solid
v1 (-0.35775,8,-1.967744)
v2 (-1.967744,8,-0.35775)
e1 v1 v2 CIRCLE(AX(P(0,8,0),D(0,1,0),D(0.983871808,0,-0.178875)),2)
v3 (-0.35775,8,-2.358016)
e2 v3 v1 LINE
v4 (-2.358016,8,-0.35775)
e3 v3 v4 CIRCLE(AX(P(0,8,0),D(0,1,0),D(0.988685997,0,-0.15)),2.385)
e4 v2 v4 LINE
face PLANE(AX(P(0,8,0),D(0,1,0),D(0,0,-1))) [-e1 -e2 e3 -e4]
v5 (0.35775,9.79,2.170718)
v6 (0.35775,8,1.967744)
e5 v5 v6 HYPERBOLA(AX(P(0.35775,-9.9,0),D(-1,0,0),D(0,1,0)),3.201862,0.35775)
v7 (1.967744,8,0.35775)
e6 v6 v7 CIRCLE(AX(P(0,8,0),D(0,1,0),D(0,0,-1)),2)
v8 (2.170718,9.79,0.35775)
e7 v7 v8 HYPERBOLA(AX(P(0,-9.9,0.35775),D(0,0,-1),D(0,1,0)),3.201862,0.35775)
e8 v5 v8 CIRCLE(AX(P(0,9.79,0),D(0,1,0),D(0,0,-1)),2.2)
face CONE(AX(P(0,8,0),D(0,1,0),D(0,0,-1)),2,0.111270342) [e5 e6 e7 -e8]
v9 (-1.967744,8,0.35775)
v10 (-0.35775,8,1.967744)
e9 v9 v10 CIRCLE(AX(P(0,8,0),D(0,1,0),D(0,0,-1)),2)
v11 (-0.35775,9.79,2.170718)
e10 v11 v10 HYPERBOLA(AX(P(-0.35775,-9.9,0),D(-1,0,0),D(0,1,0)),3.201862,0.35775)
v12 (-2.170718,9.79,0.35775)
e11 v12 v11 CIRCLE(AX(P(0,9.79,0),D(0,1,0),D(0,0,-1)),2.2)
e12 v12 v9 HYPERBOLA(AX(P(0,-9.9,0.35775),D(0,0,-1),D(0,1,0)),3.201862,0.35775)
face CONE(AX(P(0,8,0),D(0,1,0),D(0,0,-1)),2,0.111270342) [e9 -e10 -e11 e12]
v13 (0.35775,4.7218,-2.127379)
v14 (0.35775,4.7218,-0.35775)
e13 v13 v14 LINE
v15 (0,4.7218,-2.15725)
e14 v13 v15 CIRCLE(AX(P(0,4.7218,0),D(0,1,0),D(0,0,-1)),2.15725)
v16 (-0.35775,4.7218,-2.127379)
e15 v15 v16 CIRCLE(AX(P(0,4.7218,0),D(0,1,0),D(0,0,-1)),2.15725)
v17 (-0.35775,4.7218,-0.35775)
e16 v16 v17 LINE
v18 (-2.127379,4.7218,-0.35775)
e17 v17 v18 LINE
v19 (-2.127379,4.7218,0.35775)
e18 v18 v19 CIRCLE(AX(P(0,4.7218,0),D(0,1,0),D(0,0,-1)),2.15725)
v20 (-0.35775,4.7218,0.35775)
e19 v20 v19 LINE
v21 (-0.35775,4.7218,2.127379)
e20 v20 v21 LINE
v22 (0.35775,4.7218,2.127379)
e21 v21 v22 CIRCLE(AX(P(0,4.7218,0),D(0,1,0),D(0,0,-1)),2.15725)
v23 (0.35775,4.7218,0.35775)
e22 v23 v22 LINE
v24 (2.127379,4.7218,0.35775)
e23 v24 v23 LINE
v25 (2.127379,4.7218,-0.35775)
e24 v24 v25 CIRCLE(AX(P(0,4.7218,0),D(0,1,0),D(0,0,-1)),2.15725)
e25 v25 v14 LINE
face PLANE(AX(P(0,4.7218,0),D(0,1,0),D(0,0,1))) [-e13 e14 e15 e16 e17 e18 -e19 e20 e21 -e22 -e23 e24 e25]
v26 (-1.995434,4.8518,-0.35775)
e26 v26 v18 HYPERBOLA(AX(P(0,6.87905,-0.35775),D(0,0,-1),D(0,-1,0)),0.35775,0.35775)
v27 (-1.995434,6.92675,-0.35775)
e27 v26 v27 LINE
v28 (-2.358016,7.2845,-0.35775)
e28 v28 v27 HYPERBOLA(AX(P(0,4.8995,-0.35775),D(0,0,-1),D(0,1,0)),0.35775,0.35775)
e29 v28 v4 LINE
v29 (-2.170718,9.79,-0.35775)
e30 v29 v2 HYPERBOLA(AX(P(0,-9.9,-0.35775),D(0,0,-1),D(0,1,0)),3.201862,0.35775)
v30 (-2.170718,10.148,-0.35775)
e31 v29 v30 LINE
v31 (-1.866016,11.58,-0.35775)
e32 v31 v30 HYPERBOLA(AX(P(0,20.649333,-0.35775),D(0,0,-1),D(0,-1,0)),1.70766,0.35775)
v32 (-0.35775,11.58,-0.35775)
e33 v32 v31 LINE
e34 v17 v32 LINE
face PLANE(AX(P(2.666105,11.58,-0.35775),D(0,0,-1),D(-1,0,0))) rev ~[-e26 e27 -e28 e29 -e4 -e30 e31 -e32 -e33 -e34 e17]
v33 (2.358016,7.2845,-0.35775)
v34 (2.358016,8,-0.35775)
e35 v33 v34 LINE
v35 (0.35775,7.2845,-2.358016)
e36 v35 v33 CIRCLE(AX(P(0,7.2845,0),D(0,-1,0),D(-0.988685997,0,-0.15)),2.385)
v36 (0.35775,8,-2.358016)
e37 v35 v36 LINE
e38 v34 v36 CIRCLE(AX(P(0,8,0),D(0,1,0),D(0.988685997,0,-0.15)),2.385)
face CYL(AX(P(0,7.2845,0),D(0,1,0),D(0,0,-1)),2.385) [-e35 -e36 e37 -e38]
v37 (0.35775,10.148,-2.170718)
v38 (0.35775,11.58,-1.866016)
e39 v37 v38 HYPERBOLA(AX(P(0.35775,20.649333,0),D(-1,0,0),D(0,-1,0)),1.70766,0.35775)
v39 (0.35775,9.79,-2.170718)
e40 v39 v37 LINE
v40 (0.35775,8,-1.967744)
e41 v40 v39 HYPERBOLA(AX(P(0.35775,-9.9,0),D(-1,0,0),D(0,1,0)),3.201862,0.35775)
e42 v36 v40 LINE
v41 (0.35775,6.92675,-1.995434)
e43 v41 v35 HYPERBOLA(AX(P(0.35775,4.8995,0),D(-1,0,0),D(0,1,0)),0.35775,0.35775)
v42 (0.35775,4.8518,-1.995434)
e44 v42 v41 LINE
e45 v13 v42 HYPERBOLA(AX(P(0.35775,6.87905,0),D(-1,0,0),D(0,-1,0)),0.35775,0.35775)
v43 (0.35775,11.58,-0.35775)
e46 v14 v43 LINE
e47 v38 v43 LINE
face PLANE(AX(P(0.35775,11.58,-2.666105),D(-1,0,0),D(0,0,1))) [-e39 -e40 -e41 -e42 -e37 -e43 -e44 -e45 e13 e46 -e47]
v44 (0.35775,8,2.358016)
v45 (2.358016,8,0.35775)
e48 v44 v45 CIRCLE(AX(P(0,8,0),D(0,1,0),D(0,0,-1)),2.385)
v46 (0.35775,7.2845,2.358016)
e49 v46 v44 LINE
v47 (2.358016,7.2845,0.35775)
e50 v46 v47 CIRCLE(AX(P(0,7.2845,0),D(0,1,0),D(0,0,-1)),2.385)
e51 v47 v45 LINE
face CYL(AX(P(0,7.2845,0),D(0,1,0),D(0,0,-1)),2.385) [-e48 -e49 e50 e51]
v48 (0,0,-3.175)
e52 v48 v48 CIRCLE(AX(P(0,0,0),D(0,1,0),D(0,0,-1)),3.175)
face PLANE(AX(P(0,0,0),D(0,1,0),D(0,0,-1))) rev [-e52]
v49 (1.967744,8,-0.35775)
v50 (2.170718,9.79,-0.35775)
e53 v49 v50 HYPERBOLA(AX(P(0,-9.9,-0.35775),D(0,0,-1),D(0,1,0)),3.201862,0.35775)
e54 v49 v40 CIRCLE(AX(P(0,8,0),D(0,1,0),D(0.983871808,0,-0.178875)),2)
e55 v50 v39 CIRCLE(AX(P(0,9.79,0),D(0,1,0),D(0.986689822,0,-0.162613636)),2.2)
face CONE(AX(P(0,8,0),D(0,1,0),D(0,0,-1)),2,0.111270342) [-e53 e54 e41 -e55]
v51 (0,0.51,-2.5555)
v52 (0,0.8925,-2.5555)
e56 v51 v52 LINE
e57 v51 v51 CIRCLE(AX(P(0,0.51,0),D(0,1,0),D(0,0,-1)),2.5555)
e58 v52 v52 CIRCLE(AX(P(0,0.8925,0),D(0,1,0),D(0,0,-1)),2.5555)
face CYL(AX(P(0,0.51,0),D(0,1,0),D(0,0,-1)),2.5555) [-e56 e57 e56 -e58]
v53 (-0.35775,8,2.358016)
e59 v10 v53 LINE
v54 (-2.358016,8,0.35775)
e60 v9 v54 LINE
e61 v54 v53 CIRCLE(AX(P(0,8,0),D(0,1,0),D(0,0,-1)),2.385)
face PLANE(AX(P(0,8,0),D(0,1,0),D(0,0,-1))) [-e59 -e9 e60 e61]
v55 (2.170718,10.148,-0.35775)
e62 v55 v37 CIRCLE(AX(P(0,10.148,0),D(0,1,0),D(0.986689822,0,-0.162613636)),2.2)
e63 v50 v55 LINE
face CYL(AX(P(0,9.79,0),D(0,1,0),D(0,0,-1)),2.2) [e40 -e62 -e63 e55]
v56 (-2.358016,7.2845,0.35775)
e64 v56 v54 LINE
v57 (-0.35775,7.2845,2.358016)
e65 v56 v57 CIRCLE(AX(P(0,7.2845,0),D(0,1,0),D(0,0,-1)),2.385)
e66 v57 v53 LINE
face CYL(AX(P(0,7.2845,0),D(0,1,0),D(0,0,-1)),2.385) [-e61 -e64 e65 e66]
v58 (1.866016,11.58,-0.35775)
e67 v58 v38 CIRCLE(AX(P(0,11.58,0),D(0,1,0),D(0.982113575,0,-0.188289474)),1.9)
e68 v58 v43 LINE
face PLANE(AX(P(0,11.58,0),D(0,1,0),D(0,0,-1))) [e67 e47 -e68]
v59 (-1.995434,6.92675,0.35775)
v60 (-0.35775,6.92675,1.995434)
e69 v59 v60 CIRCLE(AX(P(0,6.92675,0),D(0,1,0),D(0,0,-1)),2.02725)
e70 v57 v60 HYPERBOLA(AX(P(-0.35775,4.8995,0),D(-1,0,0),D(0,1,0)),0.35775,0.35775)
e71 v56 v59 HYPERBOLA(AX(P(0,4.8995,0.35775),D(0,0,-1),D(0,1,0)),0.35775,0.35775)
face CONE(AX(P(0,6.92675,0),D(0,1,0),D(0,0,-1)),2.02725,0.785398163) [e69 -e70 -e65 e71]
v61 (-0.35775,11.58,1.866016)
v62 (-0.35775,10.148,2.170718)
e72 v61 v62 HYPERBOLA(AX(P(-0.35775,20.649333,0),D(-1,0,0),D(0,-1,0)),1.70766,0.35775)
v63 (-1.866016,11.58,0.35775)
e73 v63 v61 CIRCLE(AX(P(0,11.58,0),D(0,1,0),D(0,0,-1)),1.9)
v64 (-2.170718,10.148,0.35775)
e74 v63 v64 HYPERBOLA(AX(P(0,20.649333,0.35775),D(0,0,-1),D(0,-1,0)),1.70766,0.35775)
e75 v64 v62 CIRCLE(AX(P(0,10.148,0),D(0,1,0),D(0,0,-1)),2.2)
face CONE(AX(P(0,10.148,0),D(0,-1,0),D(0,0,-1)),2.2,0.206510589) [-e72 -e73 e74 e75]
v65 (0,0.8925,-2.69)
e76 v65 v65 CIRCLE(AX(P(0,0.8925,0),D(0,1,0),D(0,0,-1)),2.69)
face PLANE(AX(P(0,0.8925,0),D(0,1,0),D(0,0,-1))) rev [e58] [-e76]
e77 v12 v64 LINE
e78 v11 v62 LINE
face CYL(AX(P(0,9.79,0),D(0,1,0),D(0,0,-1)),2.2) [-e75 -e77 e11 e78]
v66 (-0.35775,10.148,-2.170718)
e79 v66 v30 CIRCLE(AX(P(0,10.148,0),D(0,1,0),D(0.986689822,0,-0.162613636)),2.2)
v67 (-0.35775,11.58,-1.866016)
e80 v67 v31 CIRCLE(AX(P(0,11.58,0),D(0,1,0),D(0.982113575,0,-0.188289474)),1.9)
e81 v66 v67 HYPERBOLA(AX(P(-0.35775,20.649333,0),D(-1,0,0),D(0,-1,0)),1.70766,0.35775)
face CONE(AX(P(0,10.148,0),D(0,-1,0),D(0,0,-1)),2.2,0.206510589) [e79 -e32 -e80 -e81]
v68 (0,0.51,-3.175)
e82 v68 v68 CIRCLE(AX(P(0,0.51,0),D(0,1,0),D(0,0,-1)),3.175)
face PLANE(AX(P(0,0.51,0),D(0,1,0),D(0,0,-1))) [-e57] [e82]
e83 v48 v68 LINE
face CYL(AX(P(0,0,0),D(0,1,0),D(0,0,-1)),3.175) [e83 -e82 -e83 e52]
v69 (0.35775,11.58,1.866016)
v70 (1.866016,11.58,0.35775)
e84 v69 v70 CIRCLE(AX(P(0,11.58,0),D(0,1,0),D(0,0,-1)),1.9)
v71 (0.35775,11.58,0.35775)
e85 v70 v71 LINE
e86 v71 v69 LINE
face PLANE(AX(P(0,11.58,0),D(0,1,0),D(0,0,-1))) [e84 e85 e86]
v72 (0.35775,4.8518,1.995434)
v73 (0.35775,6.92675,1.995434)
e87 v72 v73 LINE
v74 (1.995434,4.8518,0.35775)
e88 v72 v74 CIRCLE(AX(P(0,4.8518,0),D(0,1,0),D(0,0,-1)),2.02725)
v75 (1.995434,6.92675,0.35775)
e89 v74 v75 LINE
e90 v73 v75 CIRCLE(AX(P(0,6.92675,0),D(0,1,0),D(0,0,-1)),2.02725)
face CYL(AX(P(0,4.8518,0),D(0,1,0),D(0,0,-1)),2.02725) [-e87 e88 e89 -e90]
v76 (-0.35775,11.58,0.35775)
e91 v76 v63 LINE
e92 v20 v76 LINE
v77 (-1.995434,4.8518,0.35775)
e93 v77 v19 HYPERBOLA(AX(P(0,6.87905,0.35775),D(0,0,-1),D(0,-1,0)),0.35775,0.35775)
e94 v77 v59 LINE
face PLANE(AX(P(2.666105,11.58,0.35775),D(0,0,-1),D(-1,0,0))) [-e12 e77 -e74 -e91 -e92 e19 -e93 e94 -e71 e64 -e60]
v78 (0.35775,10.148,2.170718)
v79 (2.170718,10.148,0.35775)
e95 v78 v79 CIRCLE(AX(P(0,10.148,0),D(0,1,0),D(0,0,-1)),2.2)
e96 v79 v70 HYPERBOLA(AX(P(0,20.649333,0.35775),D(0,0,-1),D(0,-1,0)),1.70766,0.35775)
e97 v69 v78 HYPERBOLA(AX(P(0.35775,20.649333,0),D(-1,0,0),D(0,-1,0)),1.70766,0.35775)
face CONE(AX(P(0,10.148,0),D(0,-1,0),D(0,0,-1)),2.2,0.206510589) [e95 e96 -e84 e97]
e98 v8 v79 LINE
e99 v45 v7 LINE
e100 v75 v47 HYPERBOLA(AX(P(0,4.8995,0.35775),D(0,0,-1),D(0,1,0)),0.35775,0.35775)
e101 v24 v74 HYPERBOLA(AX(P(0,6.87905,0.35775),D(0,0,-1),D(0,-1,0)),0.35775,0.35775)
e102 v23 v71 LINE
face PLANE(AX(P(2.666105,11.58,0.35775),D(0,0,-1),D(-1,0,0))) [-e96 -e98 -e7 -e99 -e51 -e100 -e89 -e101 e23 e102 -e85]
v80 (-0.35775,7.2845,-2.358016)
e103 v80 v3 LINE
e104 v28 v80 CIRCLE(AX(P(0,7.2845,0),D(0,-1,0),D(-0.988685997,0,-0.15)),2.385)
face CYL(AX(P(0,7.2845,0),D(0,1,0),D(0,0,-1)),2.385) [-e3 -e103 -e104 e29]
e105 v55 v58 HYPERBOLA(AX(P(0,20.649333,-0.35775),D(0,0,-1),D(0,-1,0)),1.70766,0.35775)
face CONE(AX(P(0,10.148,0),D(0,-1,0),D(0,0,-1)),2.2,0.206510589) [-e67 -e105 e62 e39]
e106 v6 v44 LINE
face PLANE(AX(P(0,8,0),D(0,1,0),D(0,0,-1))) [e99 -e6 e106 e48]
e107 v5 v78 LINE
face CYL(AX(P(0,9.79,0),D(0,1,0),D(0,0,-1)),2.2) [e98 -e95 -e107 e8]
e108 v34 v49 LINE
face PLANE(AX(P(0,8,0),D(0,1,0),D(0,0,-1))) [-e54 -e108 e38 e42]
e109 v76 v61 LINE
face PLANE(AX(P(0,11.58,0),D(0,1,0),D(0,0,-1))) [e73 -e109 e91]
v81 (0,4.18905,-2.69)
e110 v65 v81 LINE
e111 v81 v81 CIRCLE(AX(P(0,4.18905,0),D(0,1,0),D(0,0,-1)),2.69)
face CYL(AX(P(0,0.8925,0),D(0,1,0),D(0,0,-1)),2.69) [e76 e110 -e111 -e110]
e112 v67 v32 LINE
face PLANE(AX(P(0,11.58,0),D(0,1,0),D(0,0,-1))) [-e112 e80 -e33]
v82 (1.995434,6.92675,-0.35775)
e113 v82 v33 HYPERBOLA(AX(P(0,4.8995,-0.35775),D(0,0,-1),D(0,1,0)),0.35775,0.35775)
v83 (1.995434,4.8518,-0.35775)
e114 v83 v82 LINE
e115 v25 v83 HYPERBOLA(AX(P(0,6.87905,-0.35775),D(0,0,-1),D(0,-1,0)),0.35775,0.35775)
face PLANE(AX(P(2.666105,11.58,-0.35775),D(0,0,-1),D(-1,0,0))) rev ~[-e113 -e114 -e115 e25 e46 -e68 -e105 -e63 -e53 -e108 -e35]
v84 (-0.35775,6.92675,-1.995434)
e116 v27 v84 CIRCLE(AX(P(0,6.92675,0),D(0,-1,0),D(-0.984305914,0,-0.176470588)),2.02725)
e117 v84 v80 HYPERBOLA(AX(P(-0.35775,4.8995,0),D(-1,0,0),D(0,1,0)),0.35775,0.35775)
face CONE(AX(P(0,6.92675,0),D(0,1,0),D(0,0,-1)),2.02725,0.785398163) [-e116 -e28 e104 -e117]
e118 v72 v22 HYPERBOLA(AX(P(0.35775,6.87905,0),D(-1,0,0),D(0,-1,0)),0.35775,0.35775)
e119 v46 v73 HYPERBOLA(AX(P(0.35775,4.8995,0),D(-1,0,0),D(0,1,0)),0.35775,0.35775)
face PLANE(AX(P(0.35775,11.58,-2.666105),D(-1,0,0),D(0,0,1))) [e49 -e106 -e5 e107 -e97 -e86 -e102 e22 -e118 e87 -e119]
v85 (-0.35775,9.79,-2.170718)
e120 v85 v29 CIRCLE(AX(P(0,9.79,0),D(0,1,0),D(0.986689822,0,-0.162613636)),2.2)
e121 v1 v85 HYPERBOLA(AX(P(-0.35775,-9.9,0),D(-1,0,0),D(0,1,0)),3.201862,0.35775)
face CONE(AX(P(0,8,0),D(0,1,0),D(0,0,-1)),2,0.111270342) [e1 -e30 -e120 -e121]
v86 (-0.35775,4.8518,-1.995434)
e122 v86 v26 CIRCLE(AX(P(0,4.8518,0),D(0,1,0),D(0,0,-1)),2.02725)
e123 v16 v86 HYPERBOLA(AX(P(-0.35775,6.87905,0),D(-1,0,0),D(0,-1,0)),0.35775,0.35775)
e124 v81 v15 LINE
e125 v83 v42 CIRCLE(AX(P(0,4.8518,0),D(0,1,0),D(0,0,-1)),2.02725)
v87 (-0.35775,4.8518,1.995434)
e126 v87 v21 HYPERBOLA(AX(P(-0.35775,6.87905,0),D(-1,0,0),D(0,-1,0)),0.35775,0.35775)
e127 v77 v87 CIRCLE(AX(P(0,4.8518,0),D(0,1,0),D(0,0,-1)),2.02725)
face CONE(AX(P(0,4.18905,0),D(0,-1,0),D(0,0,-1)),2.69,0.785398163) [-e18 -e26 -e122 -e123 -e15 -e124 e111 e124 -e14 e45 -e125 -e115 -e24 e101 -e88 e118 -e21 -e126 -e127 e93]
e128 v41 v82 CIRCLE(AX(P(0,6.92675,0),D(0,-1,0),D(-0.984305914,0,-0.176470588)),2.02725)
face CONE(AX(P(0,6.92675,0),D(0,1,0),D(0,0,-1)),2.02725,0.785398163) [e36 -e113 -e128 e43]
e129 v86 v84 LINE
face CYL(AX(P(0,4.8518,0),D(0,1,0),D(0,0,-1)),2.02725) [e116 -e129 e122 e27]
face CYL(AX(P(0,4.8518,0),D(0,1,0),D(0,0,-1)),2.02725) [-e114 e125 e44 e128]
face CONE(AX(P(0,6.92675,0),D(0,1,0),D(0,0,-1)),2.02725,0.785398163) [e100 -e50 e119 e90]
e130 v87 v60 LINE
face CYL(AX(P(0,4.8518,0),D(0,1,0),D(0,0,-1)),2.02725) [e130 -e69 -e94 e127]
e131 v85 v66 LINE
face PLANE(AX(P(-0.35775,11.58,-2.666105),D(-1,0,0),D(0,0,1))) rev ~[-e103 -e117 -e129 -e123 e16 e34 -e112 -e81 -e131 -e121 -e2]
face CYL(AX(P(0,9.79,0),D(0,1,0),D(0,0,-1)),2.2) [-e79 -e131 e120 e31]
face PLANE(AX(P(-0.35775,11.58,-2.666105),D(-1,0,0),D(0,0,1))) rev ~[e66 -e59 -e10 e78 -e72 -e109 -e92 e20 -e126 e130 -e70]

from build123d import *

# Parameters (mm, degrees)
SLITCUTSKE_W     = 5.33220965
SLITCUTSKE_H     = 0.7155
SLITCUT_DEPTH    = 6.8582
SLITCUTPAT_COUNT = 2
SLITCUTPAT_ANGLE = 90


with BuildPart() as part:
    # BodySke → Body (revolve)
    with BuildSketch(Plane.XY, mode=Mode.PRIVATE) as body_sk:
        Polygon((2.5555, 0.51), (2.5555, 0.8925), (2.69, 0.8925), (2.69, 4.18905), (2.02725, 4.8518), (2.02725, 6.92675), (2.385, 7.2845), (2.385, 8), (2, 8), (2.2, 9.79), (2.2, 10.148), (1.9, 11.58), (0, 11.58), (0, 0), (3.175, 0), (3.175, 0.51), align=None)
    revolve(body_sk.sketch.rotate(Axis((0, 0, 0), (0, 1, 0)), 90), axis=Axis((0, 0, 0), (0, 1, 0)))

    # SlitCutSke → SlitCut (cut)
    with BuildSketch(Plane(origin=(0, 11.58, 0), x_dir=(-1, 0, 0), z_dir=(0, 1, 0))):
        Rectangle(SLITCUTSKE_W, SLITCUTSKE_H)
    slitcut = extrude(amount=-SLITCUT_DEPTH, mode=Mode.SUBTRACT)

    # SlitCutPat: SlitCut ×2 about axis
    slitcutpat_axis = Axis((0, 0, 0), (0, 1, 0))
    for i in range(1, SLITCUTPAT_COUNT):
        add(slitcut.rotate(slitcutpat_axis, i * SLITCUTPAT_ANGLE / (SLITCUTPAT_COUNT - 1)), mode=Mode.SUBTRACT)


solid = part.part
